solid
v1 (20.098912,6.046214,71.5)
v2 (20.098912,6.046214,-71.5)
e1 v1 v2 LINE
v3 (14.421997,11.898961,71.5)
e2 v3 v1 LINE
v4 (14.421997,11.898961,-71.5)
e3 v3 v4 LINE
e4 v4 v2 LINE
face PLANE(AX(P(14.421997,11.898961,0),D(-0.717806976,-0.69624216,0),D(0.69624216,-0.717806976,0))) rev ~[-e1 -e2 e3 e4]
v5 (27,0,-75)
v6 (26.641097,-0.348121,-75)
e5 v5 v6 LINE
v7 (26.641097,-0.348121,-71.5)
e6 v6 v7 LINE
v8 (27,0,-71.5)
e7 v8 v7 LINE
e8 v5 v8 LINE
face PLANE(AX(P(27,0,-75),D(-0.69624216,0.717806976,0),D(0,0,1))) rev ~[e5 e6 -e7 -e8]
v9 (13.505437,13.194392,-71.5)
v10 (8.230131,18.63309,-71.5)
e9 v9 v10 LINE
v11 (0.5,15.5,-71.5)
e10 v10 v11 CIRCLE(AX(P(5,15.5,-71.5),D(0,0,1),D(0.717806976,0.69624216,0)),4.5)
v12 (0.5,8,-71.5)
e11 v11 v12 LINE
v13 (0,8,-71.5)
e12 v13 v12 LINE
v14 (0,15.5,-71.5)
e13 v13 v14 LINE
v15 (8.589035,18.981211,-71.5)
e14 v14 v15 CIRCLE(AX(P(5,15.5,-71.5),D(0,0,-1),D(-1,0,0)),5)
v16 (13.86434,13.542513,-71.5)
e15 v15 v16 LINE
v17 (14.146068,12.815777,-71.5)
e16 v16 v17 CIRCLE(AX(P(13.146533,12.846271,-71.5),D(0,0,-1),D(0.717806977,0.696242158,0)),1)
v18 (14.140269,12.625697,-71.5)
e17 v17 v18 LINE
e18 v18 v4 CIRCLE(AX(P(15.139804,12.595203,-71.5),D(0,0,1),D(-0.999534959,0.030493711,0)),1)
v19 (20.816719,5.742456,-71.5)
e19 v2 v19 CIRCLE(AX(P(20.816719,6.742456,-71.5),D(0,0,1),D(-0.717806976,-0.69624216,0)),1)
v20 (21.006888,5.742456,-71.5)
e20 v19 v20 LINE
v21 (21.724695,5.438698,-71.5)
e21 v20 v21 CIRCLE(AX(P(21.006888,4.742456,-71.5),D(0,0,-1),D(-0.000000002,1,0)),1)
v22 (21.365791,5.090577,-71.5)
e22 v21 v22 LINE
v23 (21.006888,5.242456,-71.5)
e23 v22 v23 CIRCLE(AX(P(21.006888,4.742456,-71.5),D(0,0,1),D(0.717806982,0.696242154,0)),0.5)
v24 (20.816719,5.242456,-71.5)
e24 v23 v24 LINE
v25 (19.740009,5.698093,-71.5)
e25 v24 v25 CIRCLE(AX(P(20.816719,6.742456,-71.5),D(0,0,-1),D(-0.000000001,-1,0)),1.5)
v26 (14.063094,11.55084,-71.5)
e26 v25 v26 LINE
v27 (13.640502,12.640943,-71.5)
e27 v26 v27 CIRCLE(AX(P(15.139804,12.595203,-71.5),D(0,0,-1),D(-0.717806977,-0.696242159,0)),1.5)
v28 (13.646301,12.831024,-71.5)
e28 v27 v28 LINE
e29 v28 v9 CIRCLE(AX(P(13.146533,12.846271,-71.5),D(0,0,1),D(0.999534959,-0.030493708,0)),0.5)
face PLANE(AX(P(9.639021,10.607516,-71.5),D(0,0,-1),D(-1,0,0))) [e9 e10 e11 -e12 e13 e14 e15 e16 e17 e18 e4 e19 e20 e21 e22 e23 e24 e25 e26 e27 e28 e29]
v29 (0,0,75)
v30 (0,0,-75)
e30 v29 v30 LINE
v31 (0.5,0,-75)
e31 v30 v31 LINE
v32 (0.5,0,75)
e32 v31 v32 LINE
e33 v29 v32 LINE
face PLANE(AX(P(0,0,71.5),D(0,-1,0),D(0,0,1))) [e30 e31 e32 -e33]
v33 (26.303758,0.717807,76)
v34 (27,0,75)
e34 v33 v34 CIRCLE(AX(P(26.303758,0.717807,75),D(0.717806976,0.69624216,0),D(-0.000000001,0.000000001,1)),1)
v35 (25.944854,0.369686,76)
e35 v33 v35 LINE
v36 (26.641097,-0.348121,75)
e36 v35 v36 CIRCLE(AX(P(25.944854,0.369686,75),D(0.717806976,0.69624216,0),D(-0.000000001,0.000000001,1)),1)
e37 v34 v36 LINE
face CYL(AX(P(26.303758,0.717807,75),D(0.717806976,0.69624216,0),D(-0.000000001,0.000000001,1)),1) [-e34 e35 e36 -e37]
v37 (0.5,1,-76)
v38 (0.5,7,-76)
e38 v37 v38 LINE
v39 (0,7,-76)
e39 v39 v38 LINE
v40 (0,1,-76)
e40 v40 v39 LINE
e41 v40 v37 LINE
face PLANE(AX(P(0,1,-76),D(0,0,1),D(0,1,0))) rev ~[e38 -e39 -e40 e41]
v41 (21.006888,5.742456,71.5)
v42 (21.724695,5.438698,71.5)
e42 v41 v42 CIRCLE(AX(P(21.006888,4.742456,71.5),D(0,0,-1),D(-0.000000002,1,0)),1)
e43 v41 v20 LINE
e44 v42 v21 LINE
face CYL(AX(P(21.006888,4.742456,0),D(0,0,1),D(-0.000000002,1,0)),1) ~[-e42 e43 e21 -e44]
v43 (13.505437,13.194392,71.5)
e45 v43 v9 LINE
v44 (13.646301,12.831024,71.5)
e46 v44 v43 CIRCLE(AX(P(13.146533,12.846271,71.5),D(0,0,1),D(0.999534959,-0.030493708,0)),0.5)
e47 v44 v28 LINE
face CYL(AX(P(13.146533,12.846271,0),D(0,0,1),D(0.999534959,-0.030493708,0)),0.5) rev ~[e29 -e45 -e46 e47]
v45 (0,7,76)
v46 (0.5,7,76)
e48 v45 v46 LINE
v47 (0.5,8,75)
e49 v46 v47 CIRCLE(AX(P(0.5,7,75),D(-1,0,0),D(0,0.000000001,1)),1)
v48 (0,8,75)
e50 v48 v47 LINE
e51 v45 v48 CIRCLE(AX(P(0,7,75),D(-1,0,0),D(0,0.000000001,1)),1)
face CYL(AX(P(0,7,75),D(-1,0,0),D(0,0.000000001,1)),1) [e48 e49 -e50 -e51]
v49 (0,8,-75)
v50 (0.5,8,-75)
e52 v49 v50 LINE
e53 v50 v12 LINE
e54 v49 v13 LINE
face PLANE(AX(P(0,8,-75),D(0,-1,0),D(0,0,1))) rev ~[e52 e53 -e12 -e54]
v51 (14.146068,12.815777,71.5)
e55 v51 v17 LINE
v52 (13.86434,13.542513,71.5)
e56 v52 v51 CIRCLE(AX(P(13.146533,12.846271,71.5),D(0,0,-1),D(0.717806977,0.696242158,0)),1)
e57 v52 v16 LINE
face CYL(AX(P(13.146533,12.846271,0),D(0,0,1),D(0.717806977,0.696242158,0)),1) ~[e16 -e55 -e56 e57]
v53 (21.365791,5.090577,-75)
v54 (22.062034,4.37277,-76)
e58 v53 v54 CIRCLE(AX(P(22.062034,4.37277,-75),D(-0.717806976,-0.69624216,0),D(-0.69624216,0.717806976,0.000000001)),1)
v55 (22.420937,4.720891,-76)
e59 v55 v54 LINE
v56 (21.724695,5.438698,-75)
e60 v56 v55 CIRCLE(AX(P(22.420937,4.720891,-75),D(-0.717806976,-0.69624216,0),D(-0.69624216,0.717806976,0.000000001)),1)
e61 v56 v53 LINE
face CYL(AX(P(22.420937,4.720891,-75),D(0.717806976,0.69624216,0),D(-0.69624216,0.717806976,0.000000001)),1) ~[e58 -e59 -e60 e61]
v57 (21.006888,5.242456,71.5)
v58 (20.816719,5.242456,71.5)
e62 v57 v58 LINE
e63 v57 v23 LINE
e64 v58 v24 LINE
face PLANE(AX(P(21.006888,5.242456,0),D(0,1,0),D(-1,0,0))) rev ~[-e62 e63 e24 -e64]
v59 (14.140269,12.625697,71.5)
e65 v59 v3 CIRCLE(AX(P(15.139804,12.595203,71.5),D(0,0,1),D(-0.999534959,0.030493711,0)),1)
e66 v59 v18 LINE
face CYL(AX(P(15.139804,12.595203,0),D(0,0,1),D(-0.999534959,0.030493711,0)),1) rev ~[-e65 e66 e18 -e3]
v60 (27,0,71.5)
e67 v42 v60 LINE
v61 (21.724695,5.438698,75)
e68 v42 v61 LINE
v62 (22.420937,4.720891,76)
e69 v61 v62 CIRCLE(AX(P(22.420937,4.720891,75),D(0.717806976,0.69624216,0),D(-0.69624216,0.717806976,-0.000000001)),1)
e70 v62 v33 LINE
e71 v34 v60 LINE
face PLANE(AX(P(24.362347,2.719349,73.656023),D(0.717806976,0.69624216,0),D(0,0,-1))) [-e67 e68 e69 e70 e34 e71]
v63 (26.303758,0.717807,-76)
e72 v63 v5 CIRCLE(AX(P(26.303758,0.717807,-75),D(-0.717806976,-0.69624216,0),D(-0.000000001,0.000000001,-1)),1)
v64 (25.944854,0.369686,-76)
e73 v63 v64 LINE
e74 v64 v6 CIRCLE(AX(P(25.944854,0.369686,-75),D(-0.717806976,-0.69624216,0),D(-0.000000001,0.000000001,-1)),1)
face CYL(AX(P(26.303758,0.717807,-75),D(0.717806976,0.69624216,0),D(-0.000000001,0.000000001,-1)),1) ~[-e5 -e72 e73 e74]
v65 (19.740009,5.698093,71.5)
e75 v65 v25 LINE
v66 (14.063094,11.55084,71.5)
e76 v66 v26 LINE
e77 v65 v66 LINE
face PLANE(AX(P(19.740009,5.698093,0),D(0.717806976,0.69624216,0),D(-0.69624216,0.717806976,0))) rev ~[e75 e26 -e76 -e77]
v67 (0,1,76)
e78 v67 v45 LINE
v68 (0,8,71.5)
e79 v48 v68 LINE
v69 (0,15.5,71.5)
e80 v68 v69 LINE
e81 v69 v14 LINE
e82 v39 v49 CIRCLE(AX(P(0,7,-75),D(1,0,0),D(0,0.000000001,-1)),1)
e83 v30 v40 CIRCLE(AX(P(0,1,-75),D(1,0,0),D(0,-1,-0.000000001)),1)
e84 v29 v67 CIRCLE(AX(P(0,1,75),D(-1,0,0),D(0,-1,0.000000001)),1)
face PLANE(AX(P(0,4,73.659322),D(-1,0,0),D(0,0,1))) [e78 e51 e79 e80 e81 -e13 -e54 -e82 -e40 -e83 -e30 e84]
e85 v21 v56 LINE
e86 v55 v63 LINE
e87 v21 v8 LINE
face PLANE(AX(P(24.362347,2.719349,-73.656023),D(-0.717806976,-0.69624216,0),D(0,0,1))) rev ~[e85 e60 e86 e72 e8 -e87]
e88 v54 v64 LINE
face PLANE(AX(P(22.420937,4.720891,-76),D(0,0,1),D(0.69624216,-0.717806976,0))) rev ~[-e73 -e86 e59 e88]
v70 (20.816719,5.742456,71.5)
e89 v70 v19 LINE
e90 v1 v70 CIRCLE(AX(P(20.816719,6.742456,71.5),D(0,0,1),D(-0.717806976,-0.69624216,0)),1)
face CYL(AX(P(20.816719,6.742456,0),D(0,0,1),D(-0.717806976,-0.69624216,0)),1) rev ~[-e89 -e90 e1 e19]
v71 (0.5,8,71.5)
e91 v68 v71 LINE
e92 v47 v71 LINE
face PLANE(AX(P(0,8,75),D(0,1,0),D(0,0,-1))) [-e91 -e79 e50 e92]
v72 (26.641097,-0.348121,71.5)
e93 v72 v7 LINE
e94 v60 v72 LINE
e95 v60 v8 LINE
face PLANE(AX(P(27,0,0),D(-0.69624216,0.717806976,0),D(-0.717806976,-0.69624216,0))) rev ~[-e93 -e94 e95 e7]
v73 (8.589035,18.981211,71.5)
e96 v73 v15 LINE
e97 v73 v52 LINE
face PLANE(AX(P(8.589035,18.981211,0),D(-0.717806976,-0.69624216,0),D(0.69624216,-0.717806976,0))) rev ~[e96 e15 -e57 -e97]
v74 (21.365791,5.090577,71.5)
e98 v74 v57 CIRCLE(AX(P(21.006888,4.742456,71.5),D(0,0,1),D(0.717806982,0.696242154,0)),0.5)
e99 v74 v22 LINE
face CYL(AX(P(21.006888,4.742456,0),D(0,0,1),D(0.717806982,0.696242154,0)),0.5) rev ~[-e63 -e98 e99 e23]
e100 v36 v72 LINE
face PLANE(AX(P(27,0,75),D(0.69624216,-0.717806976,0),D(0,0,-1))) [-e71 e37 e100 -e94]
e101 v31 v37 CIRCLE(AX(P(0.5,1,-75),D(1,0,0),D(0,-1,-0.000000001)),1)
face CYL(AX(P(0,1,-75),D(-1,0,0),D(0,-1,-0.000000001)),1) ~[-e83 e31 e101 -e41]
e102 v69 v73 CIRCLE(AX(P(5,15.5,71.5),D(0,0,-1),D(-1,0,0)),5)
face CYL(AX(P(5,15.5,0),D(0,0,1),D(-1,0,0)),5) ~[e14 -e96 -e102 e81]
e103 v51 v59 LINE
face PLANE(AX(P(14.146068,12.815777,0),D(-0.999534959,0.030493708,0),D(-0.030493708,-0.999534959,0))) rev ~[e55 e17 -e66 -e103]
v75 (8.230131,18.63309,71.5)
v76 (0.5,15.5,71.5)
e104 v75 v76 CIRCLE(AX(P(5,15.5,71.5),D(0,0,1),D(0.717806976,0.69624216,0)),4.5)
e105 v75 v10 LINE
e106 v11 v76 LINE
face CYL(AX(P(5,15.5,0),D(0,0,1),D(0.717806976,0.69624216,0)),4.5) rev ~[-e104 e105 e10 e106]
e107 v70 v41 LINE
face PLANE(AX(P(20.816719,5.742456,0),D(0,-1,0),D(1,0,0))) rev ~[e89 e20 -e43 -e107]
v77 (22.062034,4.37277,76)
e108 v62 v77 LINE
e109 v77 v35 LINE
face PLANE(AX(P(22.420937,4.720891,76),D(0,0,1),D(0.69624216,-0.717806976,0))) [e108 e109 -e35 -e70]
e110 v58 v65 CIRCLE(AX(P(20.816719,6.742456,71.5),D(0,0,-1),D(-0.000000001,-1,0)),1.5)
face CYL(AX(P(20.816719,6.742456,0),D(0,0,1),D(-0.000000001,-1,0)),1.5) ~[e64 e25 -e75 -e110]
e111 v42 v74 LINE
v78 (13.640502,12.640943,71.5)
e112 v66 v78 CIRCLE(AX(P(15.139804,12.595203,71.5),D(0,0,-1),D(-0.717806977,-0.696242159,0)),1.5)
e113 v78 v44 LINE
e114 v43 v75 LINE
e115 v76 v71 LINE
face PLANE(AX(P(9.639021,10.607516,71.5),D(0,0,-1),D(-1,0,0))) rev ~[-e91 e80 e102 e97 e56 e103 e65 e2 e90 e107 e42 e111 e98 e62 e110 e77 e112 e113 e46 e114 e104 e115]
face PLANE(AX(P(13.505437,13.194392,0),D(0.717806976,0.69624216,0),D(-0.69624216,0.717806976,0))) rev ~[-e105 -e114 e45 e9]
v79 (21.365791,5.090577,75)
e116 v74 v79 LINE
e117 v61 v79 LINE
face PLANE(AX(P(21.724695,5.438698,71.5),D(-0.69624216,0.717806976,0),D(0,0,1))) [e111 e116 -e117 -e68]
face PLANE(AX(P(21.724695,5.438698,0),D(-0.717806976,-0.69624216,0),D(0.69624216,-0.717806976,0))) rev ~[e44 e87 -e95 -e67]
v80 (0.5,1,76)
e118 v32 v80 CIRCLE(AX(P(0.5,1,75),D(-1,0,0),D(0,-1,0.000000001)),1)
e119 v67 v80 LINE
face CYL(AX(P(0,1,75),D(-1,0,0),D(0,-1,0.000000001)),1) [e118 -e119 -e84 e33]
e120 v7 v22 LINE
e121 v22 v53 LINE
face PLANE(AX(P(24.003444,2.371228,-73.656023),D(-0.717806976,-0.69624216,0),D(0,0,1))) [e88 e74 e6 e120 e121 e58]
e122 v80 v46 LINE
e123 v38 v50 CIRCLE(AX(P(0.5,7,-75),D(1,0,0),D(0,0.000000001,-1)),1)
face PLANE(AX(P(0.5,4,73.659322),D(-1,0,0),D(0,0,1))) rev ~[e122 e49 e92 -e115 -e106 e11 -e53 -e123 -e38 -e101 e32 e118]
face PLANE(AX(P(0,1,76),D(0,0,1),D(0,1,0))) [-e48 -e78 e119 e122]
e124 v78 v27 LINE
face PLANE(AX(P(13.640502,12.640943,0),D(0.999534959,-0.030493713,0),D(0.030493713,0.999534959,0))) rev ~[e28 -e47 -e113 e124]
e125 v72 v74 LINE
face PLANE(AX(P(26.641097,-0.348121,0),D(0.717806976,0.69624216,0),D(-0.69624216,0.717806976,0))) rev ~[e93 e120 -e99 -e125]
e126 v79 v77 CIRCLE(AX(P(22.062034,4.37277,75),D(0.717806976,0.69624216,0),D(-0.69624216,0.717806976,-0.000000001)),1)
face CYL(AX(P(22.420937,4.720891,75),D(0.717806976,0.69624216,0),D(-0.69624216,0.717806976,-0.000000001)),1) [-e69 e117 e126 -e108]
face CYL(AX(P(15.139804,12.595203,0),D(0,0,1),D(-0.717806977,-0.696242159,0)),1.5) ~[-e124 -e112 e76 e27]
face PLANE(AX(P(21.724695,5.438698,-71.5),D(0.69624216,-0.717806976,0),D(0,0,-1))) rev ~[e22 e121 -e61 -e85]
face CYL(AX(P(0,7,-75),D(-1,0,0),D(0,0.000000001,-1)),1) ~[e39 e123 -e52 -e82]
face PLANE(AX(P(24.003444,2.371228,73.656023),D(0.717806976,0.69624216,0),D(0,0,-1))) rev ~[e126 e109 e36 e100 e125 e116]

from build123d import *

# Parameters (mm, degrees)
BOSS_EXTRUDE1_DEPTH = 71.5
BOSS_EXTRUDE2_DEPTH = 0.5
BOSS_EXTRUDE3_DEPTH = 0.5


with BuildPart() as part:
    # Sketch1 → Boss-Extrude1 (new, symmetric)
    with BuildSketch(Plane.XY):
        with BuildLine():
            Line((0, 0), (0, 15.5))
            ThreePointArc((0, 15.5), (3.121859218, 20.133852307), (8.589034881, 18.981210799))
            Line((8.589034881, 18.981210799), (13.864340006, 13.54251283))
            ThreePointArc((13.864340006, 13.54251283), (14.078923552, 13.207723175), (14.146067988, 12.81577696))
            Line((14.146067988, 12.81577696), (14.140269037, 12.625696624))
            ThreePointArc((14.140269037, 12.625696624), (14.207413473, 12.233750409), (14.421997019, 11.898960755))
            Line((14.421997019, 11.898960755), (20.098912151, 6.04621365))
            ThreePointArc((20.098912151, 6.04621365), (20.427002666, 5.821520915), (20.816719127, 5.742455809))
            Line((20.816719127, 5.742455809), (21.006887899, 5.742455809))
            ThreePointArc((21.006887899, 5.742455809), (21.39660436, 5.663390704), (21.724694875, 5.438697969))
            Line((21.724694875, 5.438697969), (27, 0))
            Line((27, 0), (26.641096512, -0.34812108))
            Line((26.641096512, -0.34812108), (21.365791387, 5.090576889))
            ThreePointArc((21.365791387, 5.090576889), (21.20174613, 5.202923257), (21.006887899, 5.242455809))
            Line((21.006887899, 5.242455809), (20.816719127, 5.242455809))
            ThreePointArc((20.816719127, 5.242455809), (20.232144435, 5.361053468), (19.740008663, 5.69809257))
            Line((19.740008663, 5.69809257), (14.063093531, 11.550839675))
            ThreePointArc((14.063093531, 11.550839675), (13.741218212, 12.053024156), (13.640501557, 12.640943479))
            Line((13.640501557, 12.640943479), (13.646300509, 12.831023815))
            ThreePointArc((13.646300509, 12.831023815), (13.612728291, 13.026996922), (13.505436518, 13.19439175))
            Line((13.505436518, 13.19439175), (8.230131393, 18.633089719))
            ThreePointArc((8.230131393, 18.633089719), (3.309673296, 19.670467076), (0.5, 15.5))
            Line((0.5, 15.5), (0.5, 0))
            Line((0.5, 0), (0, 0))
        make_face()
    extrude(amount=BOSS_EXTRUDE1_DEPTH, both=True)

    # Sketch2 → Boss-Extrude2 (add)
    with BuildSketch(Plane(origin=(0, 0, 0), x_dir=(0, 0, -1), z_dir=(1, 0, 0))):
        with BuildLine():
            Line((-71.5, 0), (-75, 0))
            ThreePointArc((-75, 0), (-75.707106781, 0.292893219), (-76, 1))
            Line((-76, 1), (-76, 7))
            ThreePointArc((-76, 7), (-75.707106781, 7.707106781), (-75, 8))
            Line((-75, 8), (-71.5, 8))
            Line((-71.5, 8), (-71.5, 0))
        make_face()
        with BuildLine():
            Line((71.5, 8), (71.5, 0))
            Line((71.5, 0), (75, 0))
            ThreePointArc((75, 0), (75.707106781, 0.292893219), (76, 1))
            Line((76, 1), (76, 7))
            ThreePointArc((76, 7), (75.707106781, 7.707106781), (75, 8))
            Line((75, 8), (71.5, 8))
        make_face()
    extrude(amount=BOSS_EXTRUDE2_DEPTH)

    # Sketch3 → Boss-Extrude3 (add)
    with BuildSketch(Plane(origin=(13.911665086, 13.493721942, 0), x_dir=(0, 0, -1), z_dir=(0.7178069761649953, 0.696242159718058, 0))):
        with BuildLine():
            Line((-71.5, -11.221713136), (-75, -11.221713136))
            ThreePointArc((-75, -11.221713136), (-75.707106781, -11.514606354), (-76, -12.221713136))
            Line((-76, -12.221713136), (-76, -17.798538312))
            ThreePointArc((-76, -17.798538312), (-75.707106781, -18.505645094), (-75, -18.798538312))
            Line((-75, -18.798538312), (-71.5, -18.798538312))
            Line((-71.5, -18.798538312), (-71.5, -11.221713136))
        make_face()
        with BuildLine():
            Line((71.5, -18.798538312), (71.5, -11.221713136))
            Line((71.5, -11.221713136), (75, -11.221713136))
            ThreePointArc((75, -11.221713136), (75.707106781, -11.514606354), (76, -12.221713136))
            Line((76, -12.221713136), (76, -17.798538312))
            ThreePointArc((76, -17.798538312), (75.707106781, -18.505645094), (75, -18.798538312))
            Line((75, -18.798538312), (71.5, -18.798538312))
        make_face()
    extrude(amount=-BOSS_EXTRUDE3_DEPTH)


solid = part.part
